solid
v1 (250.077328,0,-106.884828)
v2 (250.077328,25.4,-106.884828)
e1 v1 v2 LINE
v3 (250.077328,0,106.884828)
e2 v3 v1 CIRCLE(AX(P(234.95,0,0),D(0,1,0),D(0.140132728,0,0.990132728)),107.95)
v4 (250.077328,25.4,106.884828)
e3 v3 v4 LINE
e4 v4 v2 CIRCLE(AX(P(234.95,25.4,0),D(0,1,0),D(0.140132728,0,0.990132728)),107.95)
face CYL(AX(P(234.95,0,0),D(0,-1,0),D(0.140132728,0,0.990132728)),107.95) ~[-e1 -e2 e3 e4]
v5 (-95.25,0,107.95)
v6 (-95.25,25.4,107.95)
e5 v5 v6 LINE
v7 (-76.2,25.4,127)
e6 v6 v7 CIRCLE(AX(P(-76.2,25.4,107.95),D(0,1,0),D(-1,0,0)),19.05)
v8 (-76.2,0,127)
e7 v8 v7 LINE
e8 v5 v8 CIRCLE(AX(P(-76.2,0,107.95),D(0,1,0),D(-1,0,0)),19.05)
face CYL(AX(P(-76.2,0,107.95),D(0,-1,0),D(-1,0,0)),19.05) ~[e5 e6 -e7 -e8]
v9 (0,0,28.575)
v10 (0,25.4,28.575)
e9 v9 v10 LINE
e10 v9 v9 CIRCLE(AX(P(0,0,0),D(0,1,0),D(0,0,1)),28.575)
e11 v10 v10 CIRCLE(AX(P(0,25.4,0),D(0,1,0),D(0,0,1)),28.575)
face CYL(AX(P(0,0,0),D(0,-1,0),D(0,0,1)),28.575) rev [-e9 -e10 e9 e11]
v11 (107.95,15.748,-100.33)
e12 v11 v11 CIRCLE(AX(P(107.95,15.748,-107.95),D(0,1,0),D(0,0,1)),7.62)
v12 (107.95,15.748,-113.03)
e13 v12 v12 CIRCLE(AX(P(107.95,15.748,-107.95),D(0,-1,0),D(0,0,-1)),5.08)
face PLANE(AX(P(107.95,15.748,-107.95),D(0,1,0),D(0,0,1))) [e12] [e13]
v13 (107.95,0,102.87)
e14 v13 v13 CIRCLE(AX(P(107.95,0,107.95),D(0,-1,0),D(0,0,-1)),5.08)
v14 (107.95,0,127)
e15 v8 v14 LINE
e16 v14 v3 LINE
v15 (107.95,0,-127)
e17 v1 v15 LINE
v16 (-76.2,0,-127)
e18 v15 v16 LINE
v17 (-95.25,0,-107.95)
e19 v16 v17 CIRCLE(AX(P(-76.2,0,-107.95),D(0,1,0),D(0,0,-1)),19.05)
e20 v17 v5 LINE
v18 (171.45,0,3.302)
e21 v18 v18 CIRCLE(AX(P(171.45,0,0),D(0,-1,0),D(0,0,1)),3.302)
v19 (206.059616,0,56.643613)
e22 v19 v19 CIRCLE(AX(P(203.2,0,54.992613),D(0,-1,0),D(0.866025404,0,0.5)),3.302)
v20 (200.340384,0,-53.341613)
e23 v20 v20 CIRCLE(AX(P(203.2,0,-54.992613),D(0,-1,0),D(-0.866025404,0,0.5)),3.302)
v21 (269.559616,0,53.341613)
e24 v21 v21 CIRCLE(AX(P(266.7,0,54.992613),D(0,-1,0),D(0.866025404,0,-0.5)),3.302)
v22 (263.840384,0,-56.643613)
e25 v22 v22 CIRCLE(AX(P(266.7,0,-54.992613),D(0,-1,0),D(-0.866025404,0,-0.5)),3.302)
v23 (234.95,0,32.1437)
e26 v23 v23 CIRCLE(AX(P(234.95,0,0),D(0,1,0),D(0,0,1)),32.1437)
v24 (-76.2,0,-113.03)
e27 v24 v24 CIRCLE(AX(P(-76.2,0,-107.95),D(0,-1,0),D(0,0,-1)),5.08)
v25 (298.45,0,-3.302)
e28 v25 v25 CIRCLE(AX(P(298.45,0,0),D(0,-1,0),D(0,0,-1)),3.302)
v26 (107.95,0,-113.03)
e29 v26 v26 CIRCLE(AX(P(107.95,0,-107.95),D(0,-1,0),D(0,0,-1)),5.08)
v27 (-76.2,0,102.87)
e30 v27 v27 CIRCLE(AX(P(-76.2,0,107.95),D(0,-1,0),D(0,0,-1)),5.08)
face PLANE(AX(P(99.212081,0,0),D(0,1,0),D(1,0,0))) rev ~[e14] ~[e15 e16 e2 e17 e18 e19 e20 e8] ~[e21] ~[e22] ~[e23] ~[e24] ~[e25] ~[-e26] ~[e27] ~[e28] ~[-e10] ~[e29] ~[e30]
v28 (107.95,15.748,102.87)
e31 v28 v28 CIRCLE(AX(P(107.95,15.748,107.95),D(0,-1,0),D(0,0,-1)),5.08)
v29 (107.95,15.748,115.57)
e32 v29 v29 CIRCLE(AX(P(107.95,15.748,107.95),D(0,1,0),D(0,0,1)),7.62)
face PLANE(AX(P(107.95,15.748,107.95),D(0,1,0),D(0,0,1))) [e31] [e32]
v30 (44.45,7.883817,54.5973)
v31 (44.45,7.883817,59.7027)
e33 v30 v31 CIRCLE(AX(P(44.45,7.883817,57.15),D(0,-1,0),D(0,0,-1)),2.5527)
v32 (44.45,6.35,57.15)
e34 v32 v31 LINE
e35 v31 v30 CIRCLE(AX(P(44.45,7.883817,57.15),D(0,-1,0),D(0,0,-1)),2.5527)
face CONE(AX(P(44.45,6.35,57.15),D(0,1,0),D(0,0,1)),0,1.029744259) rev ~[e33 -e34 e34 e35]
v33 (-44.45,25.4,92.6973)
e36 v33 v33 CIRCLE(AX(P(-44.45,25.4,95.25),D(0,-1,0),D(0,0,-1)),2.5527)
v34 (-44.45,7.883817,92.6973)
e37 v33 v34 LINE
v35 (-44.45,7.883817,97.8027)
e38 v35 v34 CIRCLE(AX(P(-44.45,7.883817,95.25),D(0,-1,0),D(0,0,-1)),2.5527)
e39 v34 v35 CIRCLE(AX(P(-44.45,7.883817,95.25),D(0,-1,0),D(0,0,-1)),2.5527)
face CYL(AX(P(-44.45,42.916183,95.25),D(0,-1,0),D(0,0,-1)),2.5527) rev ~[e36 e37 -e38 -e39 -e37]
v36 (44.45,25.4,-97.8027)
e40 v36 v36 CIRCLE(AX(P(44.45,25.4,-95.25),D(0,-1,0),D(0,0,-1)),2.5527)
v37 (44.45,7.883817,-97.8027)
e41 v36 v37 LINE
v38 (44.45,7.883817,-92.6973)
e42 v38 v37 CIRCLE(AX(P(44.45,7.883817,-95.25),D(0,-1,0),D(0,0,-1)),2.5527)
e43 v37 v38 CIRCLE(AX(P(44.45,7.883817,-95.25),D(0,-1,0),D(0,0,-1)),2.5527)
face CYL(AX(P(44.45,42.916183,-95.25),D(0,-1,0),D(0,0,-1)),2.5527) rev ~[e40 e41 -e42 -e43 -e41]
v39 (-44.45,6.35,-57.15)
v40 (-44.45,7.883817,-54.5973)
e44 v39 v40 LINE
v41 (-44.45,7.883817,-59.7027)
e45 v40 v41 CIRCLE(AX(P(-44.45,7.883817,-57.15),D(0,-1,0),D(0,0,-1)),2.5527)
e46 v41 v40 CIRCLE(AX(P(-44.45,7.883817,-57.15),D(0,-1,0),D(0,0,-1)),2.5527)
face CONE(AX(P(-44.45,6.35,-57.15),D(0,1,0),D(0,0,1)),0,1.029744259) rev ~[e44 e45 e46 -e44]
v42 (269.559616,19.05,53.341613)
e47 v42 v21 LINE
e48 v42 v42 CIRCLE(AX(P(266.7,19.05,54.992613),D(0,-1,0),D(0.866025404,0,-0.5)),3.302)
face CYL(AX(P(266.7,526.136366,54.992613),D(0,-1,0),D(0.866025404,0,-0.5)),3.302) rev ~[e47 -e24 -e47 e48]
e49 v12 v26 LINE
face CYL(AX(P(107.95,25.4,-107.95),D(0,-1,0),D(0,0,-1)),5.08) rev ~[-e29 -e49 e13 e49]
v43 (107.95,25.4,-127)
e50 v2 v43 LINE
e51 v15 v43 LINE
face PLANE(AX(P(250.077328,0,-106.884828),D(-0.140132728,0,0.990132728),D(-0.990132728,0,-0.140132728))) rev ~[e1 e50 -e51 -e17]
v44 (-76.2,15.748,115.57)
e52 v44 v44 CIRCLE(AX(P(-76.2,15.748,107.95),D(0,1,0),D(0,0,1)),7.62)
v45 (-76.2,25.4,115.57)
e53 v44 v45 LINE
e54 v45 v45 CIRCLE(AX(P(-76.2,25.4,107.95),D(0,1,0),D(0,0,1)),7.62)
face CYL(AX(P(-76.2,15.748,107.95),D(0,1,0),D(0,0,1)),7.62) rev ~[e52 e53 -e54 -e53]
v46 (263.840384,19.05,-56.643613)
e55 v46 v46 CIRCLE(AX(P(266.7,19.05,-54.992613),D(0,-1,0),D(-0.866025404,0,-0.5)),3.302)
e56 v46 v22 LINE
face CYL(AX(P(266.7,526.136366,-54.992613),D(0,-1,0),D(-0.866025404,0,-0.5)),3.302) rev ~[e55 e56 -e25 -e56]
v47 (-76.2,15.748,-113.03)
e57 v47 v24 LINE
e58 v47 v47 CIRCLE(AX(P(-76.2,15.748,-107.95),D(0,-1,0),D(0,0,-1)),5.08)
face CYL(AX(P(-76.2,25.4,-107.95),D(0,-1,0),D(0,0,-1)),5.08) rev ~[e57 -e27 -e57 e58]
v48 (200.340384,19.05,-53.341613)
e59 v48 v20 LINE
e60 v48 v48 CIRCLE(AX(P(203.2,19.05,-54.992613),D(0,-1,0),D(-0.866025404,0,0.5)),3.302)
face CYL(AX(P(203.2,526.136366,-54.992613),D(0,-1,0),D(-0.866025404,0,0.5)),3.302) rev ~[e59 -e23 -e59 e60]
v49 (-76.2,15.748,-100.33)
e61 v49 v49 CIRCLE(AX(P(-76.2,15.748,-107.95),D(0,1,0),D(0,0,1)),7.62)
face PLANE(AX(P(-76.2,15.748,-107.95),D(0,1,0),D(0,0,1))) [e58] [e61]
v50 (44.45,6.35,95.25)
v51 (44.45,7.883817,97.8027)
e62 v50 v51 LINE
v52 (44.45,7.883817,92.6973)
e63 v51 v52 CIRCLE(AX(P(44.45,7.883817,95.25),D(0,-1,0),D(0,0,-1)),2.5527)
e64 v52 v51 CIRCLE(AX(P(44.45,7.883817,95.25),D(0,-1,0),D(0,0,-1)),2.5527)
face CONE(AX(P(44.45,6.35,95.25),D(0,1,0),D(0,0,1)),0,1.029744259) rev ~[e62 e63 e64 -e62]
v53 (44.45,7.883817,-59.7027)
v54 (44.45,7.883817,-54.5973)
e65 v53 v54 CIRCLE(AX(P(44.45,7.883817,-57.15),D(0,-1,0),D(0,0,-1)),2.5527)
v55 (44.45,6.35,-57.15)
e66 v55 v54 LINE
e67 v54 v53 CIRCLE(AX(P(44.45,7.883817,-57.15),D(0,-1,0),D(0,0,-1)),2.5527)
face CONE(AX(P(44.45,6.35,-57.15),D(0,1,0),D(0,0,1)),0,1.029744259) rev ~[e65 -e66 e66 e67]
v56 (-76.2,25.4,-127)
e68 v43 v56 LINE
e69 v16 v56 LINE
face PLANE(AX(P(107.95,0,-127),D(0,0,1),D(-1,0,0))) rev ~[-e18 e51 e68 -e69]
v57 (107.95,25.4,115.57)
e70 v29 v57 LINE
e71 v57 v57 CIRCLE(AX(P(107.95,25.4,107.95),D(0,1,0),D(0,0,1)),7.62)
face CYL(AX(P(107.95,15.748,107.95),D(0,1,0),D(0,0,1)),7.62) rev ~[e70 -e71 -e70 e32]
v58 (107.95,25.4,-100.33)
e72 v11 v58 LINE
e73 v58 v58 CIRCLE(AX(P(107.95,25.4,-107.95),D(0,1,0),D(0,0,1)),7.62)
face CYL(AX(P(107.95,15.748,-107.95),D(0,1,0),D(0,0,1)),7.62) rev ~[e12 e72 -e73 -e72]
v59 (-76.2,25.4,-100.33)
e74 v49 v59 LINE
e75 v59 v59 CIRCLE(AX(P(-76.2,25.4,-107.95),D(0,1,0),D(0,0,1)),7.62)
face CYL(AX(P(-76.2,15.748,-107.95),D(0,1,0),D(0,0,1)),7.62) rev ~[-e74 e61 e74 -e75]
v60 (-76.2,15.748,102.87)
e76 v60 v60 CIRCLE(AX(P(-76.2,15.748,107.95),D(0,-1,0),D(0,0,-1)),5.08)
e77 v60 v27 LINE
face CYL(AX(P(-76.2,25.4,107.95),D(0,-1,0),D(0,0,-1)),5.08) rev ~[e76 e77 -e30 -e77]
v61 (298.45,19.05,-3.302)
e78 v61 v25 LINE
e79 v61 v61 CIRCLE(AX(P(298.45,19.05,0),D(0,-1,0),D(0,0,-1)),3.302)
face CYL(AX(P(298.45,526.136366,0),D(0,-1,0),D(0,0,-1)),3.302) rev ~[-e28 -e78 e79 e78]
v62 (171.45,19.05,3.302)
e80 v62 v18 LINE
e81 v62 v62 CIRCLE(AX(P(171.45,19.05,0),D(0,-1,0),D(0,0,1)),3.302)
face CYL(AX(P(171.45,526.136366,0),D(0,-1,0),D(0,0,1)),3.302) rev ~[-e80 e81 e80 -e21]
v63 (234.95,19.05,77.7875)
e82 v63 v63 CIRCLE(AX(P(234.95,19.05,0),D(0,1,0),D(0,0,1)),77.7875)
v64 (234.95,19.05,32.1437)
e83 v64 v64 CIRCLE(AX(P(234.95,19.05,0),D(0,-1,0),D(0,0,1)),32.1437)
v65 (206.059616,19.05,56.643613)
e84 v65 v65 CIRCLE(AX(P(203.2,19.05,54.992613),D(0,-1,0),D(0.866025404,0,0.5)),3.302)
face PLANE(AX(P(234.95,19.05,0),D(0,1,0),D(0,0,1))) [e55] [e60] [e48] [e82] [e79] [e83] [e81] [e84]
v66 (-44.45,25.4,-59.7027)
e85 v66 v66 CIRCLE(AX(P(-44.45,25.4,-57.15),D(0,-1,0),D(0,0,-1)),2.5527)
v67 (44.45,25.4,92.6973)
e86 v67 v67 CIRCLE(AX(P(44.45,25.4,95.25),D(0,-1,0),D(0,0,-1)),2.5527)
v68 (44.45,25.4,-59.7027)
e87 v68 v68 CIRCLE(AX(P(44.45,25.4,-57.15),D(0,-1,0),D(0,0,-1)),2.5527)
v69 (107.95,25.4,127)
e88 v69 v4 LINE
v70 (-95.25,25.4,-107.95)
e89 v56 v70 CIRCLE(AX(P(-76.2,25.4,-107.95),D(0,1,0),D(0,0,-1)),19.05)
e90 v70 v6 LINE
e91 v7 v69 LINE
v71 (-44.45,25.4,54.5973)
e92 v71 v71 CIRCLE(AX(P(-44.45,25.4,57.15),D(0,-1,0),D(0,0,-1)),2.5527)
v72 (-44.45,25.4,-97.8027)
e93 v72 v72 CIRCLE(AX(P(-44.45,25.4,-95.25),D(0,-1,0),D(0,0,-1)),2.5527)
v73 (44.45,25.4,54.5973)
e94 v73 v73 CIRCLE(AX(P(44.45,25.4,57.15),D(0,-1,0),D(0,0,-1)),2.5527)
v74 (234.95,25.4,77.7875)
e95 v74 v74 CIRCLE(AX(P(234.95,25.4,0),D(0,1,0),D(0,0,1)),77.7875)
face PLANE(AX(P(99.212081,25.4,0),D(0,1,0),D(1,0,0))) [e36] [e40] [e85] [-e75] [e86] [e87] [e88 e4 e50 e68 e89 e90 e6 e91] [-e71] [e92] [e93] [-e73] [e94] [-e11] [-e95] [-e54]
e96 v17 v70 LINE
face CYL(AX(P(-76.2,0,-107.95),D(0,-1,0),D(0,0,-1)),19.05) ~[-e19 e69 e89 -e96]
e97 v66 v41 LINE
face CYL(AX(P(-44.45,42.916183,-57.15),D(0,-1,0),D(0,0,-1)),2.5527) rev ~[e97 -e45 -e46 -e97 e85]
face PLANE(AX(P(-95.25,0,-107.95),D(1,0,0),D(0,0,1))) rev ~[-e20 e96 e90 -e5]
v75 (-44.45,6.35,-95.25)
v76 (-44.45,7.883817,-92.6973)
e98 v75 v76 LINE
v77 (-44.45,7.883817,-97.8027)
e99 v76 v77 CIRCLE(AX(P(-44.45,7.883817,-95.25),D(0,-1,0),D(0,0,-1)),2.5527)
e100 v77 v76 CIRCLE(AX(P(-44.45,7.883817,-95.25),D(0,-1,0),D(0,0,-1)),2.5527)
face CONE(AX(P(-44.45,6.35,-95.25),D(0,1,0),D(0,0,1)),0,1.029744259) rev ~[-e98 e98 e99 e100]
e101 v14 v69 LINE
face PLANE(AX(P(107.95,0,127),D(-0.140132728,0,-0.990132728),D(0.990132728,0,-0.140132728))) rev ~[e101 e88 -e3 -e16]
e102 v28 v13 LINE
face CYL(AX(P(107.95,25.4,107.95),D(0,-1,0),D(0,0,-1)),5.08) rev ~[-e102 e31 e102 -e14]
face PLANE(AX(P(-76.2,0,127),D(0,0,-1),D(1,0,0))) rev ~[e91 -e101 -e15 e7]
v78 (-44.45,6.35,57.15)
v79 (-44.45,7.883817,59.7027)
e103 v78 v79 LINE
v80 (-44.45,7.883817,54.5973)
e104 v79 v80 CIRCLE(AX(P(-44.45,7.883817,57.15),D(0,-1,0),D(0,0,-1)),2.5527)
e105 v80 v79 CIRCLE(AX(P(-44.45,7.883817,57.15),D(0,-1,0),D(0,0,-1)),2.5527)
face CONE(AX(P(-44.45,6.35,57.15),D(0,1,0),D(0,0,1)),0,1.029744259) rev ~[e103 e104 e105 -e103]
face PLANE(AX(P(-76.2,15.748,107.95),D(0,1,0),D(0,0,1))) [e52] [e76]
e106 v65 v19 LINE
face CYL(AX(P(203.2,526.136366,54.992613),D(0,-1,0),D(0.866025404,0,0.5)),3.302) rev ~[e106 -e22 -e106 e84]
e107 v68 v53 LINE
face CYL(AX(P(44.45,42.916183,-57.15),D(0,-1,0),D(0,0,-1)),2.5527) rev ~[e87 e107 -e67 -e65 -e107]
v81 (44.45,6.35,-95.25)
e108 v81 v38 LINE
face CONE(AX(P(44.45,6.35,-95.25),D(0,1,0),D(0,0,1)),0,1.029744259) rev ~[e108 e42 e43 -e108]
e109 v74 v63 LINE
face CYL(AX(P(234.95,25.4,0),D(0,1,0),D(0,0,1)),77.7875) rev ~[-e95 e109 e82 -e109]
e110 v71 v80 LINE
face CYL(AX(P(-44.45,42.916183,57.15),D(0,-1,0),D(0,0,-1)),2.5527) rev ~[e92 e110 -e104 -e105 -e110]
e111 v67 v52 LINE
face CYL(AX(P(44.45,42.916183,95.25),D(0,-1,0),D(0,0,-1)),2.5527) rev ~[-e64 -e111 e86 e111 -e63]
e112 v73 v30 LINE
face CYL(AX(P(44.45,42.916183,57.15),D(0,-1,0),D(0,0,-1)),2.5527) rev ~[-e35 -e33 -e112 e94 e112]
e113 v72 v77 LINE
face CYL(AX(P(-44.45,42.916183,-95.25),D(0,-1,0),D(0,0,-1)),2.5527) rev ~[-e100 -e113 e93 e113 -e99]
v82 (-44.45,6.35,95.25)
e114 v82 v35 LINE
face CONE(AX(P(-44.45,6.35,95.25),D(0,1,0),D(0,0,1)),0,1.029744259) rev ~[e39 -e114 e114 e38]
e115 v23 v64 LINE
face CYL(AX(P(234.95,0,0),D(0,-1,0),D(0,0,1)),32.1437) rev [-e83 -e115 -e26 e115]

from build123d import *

# Parameters (mm, degrees)
SKETCH1_R                                           = 28.575
SKETCH1_R_2                                         = 32.1437
BOSS_EXTRUDE1_DEPTH                                 = 25.4
CBORE_FOR_00_BINDING_HEAD_MACHINE_SCREW_D           = 10.16
CBORE_FOR_00_BINDING_HEAD_MACHINE_SCREW_CBORE_D     = 15.24
CBORE_FOR_00_BINDING_HEAD_MACHINE_SCREW_CBORE_DEPTH = 9.652
F_1_4_20_TAPPED_HOLE1_D                             = 5.1054
F_1_4_20_TAPPED_HOLE1_DEPTH                         = 17.516183098
F_1_4_20_TAPPED_HOLE1_TIP                           = 1.533816902
SKETCH5_R                                           = 77.7875
CUT_EXTRUDE1_DEPTH                                  = 6.35
F_5_16_18_TAPPED_HOLE1_D                            = 6.604
CIRPATTERN1_COUNT                                   = 6


with BuildPart() as part:
    # Sketch1 → Boss-Extrude1 (new body)
    with BuildSketch(Plane(origin=(0, 0, 0), x_dir=(1, 0, 0), z_dir=(0, 1, 0))):
        with BuildLine():
            Line((-95.25, 107.95), (-95.25, -107.95))
            ThreePointArc((-95.25, -107.95), (-89.670384182, -121.420384182), (-76.2, -127))
            Line((-76.2, -127), (107.95, -127))
            Line((107.95, -127), (250.077327963, -106.884827963))
            ThreePointArc((250.077327963, -106.884827963), (342.9, 0), (250.077327963, 106.884827963))
            Line((250.077327963, 106.884827963), (107.95, 127))
            Line((107.95, 127), (-76.2, 127))
            ThreePointArc((-76.2, 127), (-89.670384182, 121.420384182), (-95.25, 107.95))
        make_face()
        with Locations(Location((0, 0, 0), (0, 0, 270))):
            Circle(SKETCH1_R, mode=Mode.SUBTRACT)
        with Locations(Location((234.95, 0, 0), (0, 0, 270))):
            Circle(SKETCH1_R_2, mode=Mode.SUBTRACT)
    extrude(amount=BOSS_EXTRUDE1_DEPTH)

    # CBORE for #00 Binding Head Machine Screw1 (through all)
    with Locations(Plane(origin=(-76.2, 25.4, -107.95), x_dir=(0, 0, 1), z_dir=(0, 1, 0))):
        with Locations((0, 0), (215.9, 0), (0, 184.15), (215.9, 184.15)):
            CounterBoreHole(CBORE_FOR_00_BINDING_HEAD_MACHINE_SCREW_D / 2, CBORE_FOR_00_BINDING_HEAD_MACHINE_SCREW_CBORE_D / 2, CBORE_FOR_00_BINDING_HEAD_MACHINE_SCREW_CBORE_DEPTH)

    # 1/4-20 Tapped Hole1
    with Locations(Plane(origin=(-44.45, 25.4, -95.25), x_dir=(0, 0, 1), z_dir=(0, 1, 0))):
        with Locations((0, 0), (0, 88.9), (38.1, 88.9), (38.1, 0), (152.4, 0), (152.4, 88.9), (190.5, 88.9), (190.5, 0)):
            Hole(F_1_4_20_TAPPED_HOLE1_D / 2, depth=F_1_4_20_TAPPED_HOLE1_DEPTH)
            with Locations((0, 0, -(F_1_4_20_TAPPED_HOLE1_DEPTH + F_1_4_20_TAPPED_HOLE1_TIP / 2))):  # 118° drill point
                Cone(0, F_1_4_20_TAPPED_HOLE1_D / 2, F_1_4_20_TAPPED_HOLE1_TIP, mode=Mode.SUBTRACT)

    # Sketch5 → Cut-Extrude1 (cut)
    with BuildSketch(Plane(origin=(0, 25.4, 0), x_dir=(1, 0, 0), z_dir=(0, 1, 0))):
        with Locations(Location((234.95, 0, 0), (0, 0, 270))):
            Circle(SKETCH5_R)
    extrude(amount=-CUT_EXTRUDE1_DEPTH, mode=Mode.SUBTRACT)

    # 5/16-18 Tapped Hole1 (through all)
    with Locations(Plane(origin=(298.45, 19.05, 0), x_dir=(0, 0, 1), z_dir=(0, 1, 0))):
        with Locations((0, 0)):
            f_5_16_18_tapped_hole1 = Hole(F_5_16_18_TAPPED_HOLE1_D / 2)

    # CirPattern1: 5/16-18 Tapped Hole1 ×6 about axis
    cirpattern1_axis = Axis((234.95, 0, 0), (0, 1, 0))
    for i in range(1, CIRPATTERN1_COUNT):
        add(f_5_16_18_tapped_hole1.rotate(cirpattern1_axis, i * 360 / CIRPATTERN1_COUNT), mode=Mode.SUBTRACT)


solid = part.part
